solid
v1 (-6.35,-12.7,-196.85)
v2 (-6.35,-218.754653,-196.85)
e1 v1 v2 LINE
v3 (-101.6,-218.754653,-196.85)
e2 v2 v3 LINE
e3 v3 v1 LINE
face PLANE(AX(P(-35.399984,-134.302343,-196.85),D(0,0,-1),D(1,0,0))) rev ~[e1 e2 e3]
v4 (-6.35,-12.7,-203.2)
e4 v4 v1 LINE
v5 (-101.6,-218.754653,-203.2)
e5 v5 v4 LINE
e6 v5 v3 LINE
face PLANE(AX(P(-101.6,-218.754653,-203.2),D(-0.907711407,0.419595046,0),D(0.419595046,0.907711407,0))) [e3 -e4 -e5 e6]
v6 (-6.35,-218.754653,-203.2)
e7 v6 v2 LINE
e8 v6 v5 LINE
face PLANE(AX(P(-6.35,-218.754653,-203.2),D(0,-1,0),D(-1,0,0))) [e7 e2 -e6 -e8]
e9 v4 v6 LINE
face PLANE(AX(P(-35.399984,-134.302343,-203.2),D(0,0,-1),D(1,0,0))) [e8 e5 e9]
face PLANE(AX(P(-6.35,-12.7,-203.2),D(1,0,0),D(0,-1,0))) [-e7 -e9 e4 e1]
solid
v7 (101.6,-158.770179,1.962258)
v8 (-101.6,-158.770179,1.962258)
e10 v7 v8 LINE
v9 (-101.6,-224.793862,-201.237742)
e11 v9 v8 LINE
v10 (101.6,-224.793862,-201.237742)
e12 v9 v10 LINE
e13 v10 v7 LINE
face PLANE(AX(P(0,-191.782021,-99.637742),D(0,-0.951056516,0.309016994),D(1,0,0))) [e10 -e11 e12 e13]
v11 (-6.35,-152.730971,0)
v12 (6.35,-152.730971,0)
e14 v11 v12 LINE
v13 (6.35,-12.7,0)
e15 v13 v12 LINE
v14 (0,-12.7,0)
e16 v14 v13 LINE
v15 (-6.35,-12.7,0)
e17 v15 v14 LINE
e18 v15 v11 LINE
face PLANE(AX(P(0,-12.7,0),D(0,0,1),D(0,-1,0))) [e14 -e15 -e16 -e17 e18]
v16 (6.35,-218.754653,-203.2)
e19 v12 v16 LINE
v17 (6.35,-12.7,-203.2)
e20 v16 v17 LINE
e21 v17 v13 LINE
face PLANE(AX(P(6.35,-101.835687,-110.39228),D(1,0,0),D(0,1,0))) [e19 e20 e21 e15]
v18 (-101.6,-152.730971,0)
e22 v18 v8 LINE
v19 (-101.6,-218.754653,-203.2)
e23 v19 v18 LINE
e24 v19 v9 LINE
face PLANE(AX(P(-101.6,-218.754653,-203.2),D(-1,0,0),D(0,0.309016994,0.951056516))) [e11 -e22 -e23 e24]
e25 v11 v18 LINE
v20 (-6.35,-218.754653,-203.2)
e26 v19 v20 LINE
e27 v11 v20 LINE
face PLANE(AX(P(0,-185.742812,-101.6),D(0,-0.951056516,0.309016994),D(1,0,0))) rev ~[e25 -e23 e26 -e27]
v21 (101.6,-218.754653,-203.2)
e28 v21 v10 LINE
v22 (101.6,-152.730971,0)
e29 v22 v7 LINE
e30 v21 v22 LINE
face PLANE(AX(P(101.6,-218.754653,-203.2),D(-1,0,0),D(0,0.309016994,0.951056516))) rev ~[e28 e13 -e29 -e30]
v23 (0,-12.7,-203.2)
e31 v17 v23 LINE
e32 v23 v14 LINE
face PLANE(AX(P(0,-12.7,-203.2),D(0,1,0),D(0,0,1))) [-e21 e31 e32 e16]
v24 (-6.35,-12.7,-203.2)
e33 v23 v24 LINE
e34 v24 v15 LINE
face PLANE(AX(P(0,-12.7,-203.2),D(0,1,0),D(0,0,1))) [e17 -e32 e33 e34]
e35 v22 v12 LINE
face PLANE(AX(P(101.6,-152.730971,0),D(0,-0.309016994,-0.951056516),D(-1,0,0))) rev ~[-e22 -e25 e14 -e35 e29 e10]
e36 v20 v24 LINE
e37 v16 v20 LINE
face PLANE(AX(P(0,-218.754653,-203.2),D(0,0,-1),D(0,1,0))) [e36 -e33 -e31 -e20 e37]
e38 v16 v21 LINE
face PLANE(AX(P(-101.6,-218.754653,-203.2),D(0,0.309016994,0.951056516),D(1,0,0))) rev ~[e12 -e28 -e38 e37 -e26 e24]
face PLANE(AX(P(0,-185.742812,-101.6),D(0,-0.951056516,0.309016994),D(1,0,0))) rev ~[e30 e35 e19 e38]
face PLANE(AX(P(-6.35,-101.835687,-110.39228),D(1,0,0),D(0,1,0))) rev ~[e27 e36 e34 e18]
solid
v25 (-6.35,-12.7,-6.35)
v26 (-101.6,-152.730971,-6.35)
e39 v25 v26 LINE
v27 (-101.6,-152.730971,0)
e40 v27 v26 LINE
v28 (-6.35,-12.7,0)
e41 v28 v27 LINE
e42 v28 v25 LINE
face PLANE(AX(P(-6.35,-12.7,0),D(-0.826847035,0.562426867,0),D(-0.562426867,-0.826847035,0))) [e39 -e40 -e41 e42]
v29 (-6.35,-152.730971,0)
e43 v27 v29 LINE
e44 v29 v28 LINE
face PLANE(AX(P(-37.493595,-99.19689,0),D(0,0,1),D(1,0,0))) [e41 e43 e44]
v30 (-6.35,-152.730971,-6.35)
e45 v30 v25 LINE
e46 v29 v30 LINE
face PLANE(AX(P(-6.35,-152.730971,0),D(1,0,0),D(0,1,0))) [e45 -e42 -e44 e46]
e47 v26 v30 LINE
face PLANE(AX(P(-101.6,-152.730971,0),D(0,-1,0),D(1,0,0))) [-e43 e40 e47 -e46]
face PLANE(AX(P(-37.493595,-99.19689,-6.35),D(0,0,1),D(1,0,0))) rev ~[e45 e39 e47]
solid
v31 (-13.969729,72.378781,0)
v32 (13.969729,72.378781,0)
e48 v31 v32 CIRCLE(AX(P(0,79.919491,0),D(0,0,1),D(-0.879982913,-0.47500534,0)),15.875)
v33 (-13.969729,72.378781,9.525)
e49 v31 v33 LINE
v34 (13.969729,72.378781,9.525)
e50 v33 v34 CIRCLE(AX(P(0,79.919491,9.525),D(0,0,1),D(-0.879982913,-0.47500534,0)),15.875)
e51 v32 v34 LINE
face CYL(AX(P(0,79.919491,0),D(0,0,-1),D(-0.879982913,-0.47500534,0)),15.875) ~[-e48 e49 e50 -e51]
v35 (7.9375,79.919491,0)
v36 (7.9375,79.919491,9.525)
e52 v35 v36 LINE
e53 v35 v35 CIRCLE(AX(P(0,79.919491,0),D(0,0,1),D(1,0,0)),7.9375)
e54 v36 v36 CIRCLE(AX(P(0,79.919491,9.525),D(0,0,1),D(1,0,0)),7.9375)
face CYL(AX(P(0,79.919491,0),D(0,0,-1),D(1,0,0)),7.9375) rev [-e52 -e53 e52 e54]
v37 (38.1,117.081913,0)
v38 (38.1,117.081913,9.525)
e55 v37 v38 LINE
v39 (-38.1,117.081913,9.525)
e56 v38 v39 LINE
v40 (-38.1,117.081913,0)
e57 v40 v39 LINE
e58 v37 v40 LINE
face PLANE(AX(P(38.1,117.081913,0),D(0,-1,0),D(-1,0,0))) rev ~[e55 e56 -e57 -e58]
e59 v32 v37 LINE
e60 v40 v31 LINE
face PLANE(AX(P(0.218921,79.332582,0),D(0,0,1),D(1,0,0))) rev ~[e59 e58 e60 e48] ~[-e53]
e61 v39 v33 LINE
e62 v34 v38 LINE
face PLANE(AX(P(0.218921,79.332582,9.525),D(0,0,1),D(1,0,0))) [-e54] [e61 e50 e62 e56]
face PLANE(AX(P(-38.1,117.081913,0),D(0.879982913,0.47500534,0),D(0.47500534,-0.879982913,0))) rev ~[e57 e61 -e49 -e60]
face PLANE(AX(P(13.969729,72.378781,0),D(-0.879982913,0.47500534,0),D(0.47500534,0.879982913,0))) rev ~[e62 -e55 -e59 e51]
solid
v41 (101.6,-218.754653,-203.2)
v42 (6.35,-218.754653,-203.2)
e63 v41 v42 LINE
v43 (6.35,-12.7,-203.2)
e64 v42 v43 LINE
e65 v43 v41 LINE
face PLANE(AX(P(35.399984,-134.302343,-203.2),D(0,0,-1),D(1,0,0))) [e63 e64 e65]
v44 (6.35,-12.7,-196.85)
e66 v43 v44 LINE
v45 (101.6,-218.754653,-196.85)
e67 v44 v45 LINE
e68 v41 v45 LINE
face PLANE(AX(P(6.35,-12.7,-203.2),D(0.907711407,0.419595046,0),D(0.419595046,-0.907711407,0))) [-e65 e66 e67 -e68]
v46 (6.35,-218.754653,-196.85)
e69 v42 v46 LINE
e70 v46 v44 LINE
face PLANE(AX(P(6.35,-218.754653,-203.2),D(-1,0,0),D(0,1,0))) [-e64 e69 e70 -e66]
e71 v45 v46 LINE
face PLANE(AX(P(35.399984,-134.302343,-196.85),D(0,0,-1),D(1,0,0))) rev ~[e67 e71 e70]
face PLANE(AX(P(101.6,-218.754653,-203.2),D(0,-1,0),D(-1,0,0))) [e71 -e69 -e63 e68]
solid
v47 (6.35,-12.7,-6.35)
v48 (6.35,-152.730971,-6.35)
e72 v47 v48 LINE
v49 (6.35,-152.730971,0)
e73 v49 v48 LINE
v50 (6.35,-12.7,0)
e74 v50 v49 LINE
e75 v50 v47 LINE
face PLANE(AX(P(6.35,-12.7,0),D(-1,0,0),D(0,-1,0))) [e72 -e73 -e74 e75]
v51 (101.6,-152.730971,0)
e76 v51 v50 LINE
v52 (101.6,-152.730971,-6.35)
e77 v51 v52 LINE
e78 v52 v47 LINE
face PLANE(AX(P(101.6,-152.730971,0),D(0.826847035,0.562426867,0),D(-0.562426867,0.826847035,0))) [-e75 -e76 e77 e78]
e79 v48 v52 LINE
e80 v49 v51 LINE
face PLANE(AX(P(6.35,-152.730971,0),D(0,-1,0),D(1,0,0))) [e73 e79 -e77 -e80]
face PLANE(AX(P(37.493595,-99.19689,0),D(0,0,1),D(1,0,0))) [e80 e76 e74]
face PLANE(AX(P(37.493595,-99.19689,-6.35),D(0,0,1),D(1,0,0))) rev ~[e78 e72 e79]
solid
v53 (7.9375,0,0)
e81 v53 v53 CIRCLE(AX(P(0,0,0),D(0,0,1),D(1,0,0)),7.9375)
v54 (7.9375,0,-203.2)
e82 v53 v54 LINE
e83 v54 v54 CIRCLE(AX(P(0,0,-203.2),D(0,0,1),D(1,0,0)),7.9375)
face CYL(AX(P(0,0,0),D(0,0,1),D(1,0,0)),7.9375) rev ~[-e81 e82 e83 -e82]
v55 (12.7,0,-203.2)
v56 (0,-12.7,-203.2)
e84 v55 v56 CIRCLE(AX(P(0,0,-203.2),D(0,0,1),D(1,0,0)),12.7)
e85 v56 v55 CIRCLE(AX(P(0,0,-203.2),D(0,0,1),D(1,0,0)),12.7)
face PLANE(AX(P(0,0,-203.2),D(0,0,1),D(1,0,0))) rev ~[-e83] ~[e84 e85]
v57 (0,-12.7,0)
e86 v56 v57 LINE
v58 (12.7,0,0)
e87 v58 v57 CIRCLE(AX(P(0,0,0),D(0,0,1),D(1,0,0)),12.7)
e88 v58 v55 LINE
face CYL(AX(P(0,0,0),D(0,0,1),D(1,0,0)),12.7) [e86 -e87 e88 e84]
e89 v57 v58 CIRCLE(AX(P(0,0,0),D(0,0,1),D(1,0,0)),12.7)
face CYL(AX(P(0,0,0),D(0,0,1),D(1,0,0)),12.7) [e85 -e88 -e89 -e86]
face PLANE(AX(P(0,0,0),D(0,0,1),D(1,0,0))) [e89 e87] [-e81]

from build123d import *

# Parameters (mm, degrees)
F0_R      = 12.7
F0_R_2    = 7.9375
F1_DEPTH  = 203.2
F2_R      = 7.9375
F3_DEPTH  = 9.525
F5_DEPTH  = 6.35
F6_W      = 12.7
F6_H      = 213.6571239652
F6_W_2    = 95.25
F7_DEPTH  = 6.35
F11_DEPTH = 6.35
F12_DEPTH = 6.35


with BuildPart() as f1:
    # F0 (on Top) → F1 (new body)
    with BuildSketch(Plane.XY):
        Circle(F0_R)
        Circle(F0_R_2, mode=Mode.SUBTRACT)
    extrude(amount=-F1_DEPTH)

    # F4 (on Right) → F5 (join, symmetric)
    with BuildSketch(Plane.YZ):
        Polygon((-12.7, -203.2), (-12.7, 0), (-14.6078318357, 0), (-152.730970598, 0), (-218.7546528725, -203.2), align=None)
    extrude(amount=F5_DEPTH, both=True)

    # F6 (on face) → F7 (join)
    with BuildSketch(Plane(origin=(0, -138.1464606896, 44.8865060429), x_dir=(1, 0, 0), z_dir=(0, -0.9510565163, 0.3090169944))):
        with Locations((0, -154.0250274648)):
            Rectangle(F6_W, F6_H)
        with Locations((53.975, -154.0250274648)):
            Rectangle(F6_W_2, F6_H)
        with Locations((-53.975, -154.0250274648)):
            Rectangle(F6_W_2, F6_H)
    extrude(amount=F7_DEPTH)


with BuildPart() as f3:
    # F2 (on Top) → F3 (new body)
    with BuildSketch(Plane.XY):
        with BuildLine():
            ThreePointArc((13.9697287449, 72.3787812213), (15.3913136026, 76.0306491831), (15.875, 79.9194909885))
            ThreePointArc((15.875, 79.9194909885), (-3.8888418054, 95.3108045911), (-13.9697287449, 72.3787812213))
            ThreePointArc((-13.9697287449, 72.3787812213), (0, 64.0444909885), (13.9697287449, 72.3787812213))
        make_face()
        with Locations((0, 79.9194909885)):
            Circle(F2_R, mode=Mode.SUBTRACT)
        with BuildLine():
            ThreePointArc((-13.9697287449, 72.3787812213), (-3.8888418054, 95.3108045911), (15.875, 79.9194909885))
            ThreePointArc((15.875, 79.9194909885), (15.3913136026, 76.0306491831), (13.9697287449, 72.3787812213))
            Line((13.9697287449, 72.3787812213), (38.1, 117.081913205))
            Line((38.1, 117.081913205), (-38.1, 117.081913205))
            Line((-38.1, 117.081913205), (-13.9697287449, 72.3787812213))
        make_face()
    extrude(amount=F3_DEPTH)


with BuildPart() as f11:
    # F10 (on Top) → F11 (new body)
    with BuildSketch(Plane.XY):
        Polygon((-6.35, -152.730970598), (-6.35, -12.7), (-101.6, -152.730970598), align=None)
    extrude(amount=-F11_DEPTH)


with BuildPart() as f11b:
    # F10 (on Top) → F11, piece 2 (new body)
    with BuildSketch(Plane.XY):
        Polygon((101.6, -152.730970598), (6.35, -12.7), (6.35, -152.730970598), align=None)
    extrude(amount=-F11_DEPTH)


with BuildPart() as f12:
    # F9 (on offset) → F12 (new body)
    with BuildSketch(Plane(origin=(0, 0, -203.2), x_dir=(1, 0, 0), z_dir=(0, 0, -1))):
        Polygon((-6.35, 12.7), (-6.35, 218.7546528725), (-101.6, 218.7546528725), align=None)
    extrude(amount=-F12_DEPTH)


with BuildPart() as f12b:
    # F9 (on offset) → F12, piece 2 (new body)
    with BuildSketch(Plane(origin=(0, 0, -203.2), x_dir=(1, 0, 0), z_dir=(0, 0, -1))):
        Polygon((6.35, 12.7), (101.6, 218.7546528725), (6.35, 218.7546528725), align=None)
    extrude(amount=-F12_DEPTH)


solid = Compound([f1.part, f3.part, f11.part, f11b.part, f12.part, f12b.part])
